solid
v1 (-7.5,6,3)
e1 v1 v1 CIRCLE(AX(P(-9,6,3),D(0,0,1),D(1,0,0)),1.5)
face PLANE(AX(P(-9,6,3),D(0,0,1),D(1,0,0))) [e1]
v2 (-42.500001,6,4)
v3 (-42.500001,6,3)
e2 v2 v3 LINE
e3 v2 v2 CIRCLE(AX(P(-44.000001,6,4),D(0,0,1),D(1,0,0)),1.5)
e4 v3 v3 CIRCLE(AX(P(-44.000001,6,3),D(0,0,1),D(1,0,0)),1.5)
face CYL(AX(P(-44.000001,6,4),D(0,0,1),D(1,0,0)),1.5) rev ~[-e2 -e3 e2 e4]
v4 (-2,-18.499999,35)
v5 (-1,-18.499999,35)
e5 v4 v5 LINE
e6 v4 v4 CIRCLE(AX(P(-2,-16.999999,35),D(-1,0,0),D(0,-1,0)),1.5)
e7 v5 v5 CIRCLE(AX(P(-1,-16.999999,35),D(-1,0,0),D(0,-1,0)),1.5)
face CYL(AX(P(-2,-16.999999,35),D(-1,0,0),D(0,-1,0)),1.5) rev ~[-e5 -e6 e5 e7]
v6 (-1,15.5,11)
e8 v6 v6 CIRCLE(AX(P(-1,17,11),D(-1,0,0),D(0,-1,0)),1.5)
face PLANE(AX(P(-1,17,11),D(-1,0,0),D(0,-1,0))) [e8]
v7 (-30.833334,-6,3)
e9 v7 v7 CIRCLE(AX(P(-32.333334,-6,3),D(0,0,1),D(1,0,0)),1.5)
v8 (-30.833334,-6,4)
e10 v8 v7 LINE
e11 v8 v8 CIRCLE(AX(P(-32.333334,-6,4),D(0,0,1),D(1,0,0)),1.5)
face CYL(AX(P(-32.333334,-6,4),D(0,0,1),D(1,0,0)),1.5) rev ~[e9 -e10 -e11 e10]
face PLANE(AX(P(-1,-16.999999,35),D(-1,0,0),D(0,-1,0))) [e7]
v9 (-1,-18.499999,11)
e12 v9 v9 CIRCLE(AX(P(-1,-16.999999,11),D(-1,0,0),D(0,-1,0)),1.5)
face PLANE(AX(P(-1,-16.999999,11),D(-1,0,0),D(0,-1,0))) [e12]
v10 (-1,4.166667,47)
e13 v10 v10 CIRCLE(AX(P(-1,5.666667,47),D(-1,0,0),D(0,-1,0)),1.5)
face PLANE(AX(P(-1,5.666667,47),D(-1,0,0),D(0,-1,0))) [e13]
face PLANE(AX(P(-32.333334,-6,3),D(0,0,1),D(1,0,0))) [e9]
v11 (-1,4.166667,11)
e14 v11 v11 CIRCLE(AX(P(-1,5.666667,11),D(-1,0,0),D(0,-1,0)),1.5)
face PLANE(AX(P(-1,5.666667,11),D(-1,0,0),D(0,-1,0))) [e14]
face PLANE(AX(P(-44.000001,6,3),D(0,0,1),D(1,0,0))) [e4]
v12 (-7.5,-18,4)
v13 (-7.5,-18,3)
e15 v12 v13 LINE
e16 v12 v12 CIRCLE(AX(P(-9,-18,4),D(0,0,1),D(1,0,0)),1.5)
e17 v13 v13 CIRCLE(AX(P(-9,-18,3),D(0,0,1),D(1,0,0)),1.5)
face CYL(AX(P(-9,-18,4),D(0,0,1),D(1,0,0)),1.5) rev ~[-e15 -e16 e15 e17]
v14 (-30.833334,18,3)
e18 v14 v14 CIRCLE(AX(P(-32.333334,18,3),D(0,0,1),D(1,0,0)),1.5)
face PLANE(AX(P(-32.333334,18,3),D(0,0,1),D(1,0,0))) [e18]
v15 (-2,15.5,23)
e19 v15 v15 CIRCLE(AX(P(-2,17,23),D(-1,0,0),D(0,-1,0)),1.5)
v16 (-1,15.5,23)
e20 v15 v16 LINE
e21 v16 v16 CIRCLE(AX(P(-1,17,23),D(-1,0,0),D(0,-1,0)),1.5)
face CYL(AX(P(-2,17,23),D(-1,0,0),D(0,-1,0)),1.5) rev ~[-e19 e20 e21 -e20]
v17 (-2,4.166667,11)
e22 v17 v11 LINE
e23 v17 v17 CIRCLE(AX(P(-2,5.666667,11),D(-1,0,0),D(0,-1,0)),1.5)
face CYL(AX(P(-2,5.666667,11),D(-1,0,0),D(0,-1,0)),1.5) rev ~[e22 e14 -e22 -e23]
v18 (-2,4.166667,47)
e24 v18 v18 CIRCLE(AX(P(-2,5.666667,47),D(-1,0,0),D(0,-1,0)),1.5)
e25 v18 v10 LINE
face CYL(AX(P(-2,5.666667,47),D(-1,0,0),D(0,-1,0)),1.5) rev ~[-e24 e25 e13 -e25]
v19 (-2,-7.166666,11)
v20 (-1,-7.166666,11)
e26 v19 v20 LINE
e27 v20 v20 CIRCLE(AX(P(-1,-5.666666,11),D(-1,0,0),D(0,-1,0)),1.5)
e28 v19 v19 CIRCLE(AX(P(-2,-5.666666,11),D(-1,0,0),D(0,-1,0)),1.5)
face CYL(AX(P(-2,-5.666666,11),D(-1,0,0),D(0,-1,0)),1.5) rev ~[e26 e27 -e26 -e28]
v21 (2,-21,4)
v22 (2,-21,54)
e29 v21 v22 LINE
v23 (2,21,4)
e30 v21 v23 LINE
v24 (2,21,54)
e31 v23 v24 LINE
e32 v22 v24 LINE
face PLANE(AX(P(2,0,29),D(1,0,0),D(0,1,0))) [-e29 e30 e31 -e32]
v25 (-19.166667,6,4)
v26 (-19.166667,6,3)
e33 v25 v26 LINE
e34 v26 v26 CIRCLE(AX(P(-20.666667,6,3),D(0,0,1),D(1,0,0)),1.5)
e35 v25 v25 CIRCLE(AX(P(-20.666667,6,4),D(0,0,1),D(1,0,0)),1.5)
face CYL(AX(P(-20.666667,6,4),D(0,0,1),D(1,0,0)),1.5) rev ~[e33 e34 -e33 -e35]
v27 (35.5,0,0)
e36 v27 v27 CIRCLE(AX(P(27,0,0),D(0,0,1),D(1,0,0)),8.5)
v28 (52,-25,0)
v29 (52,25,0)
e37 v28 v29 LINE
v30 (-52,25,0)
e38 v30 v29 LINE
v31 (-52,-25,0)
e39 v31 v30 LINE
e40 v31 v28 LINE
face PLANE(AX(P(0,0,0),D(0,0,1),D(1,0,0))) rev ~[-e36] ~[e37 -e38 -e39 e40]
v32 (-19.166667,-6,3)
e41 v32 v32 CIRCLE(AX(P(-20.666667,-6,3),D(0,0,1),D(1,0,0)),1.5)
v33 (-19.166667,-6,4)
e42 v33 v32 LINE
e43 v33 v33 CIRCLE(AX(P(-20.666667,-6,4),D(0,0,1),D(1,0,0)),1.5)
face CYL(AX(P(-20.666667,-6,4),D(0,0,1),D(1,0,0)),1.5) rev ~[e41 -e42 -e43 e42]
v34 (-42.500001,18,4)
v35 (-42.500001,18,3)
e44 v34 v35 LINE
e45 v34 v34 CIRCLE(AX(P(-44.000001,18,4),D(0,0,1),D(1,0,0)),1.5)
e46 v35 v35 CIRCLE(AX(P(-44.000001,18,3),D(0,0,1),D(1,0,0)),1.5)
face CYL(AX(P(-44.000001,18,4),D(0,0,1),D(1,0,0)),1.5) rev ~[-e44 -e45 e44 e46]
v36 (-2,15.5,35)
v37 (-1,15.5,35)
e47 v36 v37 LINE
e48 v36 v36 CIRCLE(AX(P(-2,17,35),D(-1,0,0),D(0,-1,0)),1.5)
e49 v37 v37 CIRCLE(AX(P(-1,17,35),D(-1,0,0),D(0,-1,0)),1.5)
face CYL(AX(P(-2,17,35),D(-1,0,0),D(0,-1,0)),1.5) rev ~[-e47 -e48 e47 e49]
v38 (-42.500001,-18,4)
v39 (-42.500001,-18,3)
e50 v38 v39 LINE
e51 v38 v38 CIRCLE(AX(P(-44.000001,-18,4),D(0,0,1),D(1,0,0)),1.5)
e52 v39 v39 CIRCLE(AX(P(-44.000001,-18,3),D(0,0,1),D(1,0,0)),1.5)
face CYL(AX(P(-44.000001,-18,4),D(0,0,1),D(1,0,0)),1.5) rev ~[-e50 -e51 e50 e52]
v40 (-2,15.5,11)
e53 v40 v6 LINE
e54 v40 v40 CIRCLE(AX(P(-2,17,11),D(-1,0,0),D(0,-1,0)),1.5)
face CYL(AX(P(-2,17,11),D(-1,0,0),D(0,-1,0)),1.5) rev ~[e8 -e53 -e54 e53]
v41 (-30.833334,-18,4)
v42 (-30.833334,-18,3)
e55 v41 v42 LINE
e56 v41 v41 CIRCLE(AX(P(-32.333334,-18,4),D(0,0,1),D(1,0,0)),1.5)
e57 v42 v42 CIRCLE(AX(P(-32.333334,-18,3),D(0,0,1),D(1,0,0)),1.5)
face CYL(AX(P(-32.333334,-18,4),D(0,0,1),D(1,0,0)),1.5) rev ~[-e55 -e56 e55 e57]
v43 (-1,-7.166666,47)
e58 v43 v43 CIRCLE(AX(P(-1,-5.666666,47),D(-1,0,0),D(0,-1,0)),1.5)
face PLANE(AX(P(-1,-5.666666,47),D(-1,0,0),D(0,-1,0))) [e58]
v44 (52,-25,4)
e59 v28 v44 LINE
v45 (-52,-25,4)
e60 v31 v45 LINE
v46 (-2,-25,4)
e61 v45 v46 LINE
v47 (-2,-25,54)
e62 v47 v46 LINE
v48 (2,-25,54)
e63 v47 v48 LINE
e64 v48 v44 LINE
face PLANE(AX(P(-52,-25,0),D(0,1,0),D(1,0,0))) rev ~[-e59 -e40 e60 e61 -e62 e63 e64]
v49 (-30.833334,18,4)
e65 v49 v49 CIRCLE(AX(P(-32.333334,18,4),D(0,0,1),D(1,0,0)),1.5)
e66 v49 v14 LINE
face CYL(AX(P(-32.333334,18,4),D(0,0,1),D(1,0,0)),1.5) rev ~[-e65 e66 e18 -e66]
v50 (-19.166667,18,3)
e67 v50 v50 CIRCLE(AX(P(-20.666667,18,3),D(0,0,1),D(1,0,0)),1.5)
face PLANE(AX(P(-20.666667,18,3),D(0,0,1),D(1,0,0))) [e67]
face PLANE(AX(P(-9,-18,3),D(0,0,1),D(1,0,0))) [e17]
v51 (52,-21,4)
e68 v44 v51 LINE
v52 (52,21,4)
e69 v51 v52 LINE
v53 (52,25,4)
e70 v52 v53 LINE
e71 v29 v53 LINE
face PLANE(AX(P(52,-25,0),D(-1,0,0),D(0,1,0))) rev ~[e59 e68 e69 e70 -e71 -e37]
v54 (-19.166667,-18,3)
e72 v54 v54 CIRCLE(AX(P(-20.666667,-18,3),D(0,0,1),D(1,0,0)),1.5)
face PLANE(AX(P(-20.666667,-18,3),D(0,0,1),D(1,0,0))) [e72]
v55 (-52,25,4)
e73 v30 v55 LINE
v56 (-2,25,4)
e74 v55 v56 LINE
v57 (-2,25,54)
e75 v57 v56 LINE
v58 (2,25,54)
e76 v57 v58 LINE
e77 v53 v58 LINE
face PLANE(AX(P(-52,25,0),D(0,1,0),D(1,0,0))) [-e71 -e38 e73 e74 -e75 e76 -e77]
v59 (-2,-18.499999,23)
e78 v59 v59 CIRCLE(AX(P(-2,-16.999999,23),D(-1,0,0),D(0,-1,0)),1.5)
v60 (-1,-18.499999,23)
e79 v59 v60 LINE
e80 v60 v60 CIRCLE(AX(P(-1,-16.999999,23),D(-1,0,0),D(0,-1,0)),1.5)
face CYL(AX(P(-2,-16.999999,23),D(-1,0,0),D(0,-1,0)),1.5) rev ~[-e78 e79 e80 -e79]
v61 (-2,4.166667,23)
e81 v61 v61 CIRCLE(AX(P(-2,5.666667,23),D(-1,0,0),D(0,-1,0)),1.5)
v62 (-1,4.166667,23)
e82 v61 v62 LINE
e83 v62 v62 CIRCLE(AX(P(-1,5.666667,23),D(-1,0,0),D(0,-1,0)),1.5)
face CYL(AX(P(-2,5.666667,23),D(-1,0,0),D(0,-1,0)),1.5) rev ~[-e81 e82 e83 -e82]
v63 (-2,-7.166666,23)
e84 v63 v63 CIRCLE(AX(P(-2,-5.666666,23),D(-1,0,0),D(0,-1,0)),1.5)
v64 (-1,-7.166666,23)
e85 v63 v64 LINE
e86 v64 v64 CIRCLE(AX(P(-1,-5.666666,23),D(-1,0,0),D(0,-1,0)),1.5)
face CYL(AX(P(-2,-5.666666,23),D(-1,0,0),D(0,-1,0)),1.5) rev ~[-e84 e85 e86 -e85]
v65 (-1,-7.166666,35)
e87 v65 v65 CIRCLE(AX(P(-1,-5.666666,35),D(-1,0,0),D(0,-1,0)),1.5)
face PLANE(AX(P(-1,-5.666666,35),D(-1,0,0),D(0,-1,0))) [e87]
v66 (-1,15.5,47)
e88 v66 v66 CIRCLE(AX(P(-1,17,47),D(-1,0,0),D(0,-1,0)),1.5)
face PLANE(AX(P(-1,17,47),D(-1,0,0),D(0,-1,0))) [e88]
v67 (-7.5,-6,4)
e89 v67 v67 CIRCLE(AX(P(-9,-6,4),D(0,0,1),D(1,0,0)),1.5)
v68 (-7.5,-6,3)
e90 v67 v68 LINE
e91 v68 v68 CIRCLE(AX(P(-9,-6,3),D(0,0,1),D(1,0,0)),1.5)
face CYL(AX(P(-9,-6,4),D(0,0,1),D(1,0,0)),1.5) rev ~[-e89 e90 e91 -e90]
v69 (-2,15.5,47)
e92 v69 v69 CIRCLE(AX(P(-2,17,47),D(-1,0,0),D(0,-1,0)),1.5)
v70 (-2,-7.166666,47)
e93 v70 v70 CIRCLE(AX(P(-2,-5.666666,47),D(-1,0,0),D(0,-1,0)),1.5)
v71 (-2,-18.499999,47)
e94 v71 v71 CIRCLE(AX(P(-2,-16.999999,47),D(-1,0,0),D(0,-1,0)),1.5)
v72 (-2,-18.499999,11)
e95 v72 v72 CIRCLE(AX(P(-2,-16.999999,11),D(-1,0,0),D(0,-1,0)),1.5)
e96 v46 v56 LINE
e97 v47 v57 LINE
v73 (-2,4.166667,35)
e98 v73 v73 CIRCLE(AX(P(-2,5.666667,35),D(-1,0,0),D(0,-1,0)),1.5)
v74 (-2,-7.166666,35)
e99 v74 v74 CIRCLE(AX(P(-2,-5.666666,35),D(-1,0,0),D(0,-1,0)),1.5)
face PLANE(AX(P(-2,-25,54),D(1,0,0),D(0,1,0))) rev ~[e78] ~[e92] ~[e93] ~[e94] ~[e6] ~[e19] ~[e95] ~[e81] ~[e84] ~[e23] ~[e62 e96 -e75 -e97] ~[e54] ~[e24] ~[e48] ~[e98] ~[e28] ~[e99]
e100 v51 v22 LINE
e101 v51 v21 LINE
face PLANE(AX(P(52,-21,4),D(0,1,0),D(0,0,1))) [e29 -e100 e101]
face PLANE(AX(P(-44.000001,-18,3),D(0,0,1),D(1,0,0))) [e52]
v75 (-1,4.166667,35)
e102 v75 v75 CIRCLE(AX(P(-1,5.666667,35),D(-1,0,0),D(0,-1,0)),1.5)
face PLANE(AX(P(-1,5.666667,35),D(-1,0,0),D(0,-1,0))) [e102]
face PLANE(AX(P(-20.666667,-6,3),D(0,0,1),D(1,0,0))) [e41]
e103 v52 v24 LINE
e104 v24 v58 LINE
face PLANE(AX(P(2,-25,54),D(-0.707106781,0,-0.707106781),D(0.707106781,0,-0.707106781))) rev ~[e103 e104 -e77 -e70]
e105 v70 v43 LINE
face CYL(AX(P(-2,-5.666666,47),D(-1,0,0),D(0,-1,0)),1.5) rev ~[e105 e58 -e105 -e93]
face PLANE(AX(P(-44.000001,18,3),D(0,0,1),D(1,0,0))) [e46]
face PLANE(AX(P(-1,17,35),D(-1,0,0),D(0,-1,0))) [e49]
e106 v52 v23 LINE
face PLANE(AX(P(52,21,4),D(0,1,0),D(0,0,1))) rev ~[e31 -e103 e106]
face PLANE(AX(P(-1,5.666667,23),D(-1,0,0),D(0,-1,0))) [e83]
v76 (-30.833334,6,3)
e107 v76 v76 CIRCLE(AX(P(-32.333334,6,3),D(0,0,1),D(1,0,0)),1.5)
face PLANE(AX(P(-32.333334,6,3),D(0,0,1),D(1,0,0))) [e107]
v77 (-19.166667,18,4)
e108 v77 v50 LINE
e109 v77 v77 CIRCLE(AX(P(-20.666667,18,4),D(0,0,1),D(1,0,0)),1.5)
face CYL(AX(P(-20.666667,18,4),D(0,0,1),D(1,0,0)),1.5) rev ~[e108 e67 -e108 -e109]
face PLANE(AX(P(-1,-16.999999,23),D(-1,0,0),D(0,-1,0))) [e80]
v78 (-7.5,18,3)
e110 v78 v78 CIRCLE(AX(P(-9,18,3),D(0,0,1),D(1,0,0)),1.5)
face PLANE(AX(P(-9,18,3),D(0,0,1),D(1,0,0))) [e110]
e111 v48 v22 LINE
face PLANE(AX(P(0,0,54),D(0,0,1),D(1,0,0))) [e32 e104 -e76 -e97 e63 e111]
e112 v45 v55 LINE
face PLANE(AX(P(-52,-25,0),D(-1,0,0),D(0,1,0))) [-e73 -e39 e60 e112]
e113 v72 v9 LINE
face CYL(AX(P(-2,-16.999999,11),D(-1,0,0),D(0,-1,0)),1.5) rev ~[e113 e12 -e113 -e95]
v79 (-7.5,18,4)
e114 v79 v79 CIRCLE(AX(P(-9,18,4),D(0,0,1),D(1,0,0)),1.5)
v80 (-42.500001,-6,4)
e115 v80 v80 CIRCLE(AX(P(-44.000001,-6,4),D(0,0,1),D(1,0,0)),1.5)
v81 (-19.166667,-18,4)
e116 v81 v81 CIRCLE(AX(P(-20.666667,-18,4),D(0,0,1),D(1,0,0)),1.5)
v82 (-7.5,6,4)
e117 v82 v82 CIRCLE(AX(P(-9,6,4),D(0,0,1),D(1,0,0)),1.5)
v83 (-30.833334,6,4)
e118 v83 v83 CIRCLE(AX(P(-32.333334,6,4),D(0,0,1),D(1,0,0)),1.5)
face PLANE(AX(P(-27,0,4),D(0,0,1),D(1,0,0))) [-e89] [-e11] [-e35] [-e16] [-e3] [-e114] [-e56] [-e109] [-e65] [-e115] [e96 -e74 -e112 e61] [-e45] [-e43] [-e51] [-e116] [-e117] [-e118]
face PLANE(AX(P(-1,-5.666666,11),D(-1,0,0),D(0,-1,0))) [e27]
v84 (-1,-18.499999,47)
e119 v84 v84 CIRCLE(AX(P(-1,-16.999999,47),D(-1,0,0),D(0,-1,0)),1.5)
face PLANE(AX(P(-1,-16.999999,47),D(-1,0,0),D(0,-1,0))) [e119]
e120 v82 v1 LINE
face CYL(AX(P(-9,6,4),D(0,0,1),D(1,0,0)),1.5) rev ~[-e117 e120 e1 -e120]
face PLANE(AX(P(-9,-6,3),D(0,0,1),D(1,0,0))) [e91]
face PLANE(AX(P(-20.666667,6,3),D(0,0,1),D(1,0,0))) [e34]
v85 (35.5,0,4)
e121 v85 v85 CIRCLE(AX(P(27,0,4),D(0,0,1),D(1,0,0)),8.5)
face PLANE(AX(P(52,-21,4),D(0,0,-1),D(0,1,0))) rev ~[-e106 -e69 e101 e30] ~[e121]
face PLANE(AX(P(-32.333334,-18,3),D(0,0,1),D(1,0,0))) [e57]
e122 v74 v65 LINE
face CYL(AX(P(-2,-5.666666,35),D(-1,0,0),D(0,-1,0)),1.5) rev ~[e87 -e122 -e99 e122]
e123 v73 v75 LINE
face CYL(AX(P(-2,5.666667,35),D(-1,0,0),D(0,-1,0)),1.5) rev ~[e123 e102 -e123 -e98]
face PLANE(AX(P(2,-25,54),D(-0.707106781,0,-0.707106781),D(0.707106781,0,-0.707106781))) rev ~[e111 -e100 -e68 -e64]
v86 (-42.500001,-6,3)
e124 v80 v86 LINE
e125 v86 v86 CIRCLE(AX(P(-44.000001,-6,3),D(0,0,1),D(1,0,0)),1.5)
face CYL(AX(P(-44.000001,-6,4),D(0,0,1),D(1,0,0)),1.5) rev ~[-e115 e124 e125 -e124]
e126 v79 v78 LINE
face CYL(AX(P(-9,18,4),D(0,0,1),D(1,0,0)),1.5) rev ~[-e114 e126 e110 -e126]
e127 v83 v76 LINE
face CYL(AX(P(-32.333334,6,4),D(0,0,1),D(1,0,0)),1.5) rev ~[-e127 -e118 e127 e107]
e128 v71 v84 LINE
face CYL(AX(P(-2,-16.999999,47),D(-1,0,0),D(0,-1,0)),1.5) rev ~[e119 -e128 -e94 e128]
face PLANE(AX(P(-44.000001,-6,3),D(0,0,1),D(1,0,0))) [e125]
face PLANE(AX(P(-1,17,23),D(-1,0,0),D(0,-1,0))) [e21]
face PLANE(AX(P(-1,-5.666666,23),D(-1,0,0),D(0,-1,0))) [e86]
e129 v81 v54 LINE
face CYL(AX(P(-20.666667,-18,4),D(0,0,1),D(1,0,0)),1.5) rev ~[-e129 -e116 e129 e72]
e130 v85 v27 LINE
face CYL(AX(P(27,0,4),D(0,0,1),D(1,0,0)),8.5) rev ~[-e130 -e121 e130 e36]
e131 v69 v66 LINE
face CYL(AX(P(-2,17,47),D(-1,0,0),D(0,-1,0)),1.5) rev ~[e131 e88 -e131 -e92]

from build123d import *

# Parameters (mm, degrees)
SKETCH_W               = 104
SKETCH_H               = 50
PAD_DEPTH              = 54
SKETCH001_W            = 42
SKETCH001_H            = 50
POCKET_DEPTH           = 50
SKETCH002_W            = 50
SKETCH002_H            = 50
POCKET001_DEPTH        = 50
POCKET002_DEPTH        = 50.001
SKETCH004_R            = 8.5
POCKET003_DEPTH        = 4.001
SKETCH005_R            = 1.5
POCKET004_DEPTH        = 1
LINEARPATTERN_COUNT    = 4
LINEARPATTERN_PITCH    = 11.333333
SKETCH006_R            = 1.5
POCKET005_DEPTH        = 1
LINEARPATTERN001_COUNT = 4
LINEARPATTERN001_PITCH = 11.666667


with BuildPart() as part:
    # Sketch → Pad (new body)
    with BuildSketch(Plane.XY):
        Rectangle(SKETCH_W, SKETCH_H)
    extrude(amount=PAD_DEPTH)

    # Sketch001 (on Face2 of Pad) → Pocket (cut)
    with BuildSketch(Plane.YZ.offset(52)):
        with Locations((0, 29)):
            Rectangle(SKETCH001_W, SKETCH001_H)
    extrude(amount=-POCKET_DEPTH, mode=Mode.SUBTRACT)

    # Sketch002 (on Face5 of Pocket) → Pocket001 (cut)
    with BuildSketch(Plane.XY.offset(54)):
        with Locations((-27, 0)):
            Rectangle(SKETCH002_W, SKETCH002_H)
    extrude(amount=-POCKET001_DEPTH, mode=Mode.SUBTRACT)

    # Sketch003 (on Face8 of Pocket001) → Pocket002 (cut, through all)
    with BuildSketch(Plane.XZ.offset(25)):
        Polygon((52, 54), (2, 54), (52, 4), align=None)
    extrude(amount=-POCKET002_DEPTH, mode=Mode.SUBTRACT)

    # Sketch004 (on Face11 of Pocket002) → Pocket003 (cut, through all)
    with BuildSketch(Plane.XY.offset(4)):
        with Locations((27, 0)):
            Circle(SKETCH004_R)
    extrude(amount=-POCKET003_DEPTH, mode=Mode.SUBTRACT)

    # Sketch005 (on Face6 of Pocket003) → Pocket004 (cut)
    with BuildSketch(Plane(origin=(-2, 0, 0), x_dir=(0, -1, 0), z_dir=(-1, 0, 0))):
        with Locations((-17, 47)):
            Circle(SKETCH005_R)
        with Locations((-17, 35)):
            Circle(SKETCH005_R)
        with Locations((-17, 23)):
            Circle(SKETCH005_R)
        with Locations((-17, 11)):
            Circle(SKETCH005_R)
    pocket004 = extrude(amount=-POCKET004_DEPTH, mode=Mode.SUBTRACT)

    # LinearPattern: Pocket004 ×4
    with Locations(*[(0, -i * LINEARPATTERN_PITCH, 0) for i in range(1, LINEARPATTERN_COUNT)]):
        add(pocket004, mode=Mode.SUBTRACT)

    # Sketch006 (on Face7 of Pocket003) → Pocket005 (cut)
    with BuildSketch(Plane.XY.offset(4)):
        with Locations((-9, 18)):
            Circle(SKETCH006_R)
        with Locations((-9, 6)):
            Circle(SKETCH006_R)
        with Locations((-9, -6)):
            Circle(SKETCH006_R)
        with Locations((-9, -18)):
            Circle(SKETCH006_R)
    pocket005 = extrude(amount=-POCKET005_DEPTH, mode=Mode.SUBTRACT)

    # LinearPattern001: Pocket005 ×4
    with Locations(*[(-i * LINEARPATTERN001_PITCH, 0, 0) for i in range(1, LINEARPATTERN001_COUNT)]):
        add(pocket005, mode=Mode.SUBTRACT)


solid = part.part
